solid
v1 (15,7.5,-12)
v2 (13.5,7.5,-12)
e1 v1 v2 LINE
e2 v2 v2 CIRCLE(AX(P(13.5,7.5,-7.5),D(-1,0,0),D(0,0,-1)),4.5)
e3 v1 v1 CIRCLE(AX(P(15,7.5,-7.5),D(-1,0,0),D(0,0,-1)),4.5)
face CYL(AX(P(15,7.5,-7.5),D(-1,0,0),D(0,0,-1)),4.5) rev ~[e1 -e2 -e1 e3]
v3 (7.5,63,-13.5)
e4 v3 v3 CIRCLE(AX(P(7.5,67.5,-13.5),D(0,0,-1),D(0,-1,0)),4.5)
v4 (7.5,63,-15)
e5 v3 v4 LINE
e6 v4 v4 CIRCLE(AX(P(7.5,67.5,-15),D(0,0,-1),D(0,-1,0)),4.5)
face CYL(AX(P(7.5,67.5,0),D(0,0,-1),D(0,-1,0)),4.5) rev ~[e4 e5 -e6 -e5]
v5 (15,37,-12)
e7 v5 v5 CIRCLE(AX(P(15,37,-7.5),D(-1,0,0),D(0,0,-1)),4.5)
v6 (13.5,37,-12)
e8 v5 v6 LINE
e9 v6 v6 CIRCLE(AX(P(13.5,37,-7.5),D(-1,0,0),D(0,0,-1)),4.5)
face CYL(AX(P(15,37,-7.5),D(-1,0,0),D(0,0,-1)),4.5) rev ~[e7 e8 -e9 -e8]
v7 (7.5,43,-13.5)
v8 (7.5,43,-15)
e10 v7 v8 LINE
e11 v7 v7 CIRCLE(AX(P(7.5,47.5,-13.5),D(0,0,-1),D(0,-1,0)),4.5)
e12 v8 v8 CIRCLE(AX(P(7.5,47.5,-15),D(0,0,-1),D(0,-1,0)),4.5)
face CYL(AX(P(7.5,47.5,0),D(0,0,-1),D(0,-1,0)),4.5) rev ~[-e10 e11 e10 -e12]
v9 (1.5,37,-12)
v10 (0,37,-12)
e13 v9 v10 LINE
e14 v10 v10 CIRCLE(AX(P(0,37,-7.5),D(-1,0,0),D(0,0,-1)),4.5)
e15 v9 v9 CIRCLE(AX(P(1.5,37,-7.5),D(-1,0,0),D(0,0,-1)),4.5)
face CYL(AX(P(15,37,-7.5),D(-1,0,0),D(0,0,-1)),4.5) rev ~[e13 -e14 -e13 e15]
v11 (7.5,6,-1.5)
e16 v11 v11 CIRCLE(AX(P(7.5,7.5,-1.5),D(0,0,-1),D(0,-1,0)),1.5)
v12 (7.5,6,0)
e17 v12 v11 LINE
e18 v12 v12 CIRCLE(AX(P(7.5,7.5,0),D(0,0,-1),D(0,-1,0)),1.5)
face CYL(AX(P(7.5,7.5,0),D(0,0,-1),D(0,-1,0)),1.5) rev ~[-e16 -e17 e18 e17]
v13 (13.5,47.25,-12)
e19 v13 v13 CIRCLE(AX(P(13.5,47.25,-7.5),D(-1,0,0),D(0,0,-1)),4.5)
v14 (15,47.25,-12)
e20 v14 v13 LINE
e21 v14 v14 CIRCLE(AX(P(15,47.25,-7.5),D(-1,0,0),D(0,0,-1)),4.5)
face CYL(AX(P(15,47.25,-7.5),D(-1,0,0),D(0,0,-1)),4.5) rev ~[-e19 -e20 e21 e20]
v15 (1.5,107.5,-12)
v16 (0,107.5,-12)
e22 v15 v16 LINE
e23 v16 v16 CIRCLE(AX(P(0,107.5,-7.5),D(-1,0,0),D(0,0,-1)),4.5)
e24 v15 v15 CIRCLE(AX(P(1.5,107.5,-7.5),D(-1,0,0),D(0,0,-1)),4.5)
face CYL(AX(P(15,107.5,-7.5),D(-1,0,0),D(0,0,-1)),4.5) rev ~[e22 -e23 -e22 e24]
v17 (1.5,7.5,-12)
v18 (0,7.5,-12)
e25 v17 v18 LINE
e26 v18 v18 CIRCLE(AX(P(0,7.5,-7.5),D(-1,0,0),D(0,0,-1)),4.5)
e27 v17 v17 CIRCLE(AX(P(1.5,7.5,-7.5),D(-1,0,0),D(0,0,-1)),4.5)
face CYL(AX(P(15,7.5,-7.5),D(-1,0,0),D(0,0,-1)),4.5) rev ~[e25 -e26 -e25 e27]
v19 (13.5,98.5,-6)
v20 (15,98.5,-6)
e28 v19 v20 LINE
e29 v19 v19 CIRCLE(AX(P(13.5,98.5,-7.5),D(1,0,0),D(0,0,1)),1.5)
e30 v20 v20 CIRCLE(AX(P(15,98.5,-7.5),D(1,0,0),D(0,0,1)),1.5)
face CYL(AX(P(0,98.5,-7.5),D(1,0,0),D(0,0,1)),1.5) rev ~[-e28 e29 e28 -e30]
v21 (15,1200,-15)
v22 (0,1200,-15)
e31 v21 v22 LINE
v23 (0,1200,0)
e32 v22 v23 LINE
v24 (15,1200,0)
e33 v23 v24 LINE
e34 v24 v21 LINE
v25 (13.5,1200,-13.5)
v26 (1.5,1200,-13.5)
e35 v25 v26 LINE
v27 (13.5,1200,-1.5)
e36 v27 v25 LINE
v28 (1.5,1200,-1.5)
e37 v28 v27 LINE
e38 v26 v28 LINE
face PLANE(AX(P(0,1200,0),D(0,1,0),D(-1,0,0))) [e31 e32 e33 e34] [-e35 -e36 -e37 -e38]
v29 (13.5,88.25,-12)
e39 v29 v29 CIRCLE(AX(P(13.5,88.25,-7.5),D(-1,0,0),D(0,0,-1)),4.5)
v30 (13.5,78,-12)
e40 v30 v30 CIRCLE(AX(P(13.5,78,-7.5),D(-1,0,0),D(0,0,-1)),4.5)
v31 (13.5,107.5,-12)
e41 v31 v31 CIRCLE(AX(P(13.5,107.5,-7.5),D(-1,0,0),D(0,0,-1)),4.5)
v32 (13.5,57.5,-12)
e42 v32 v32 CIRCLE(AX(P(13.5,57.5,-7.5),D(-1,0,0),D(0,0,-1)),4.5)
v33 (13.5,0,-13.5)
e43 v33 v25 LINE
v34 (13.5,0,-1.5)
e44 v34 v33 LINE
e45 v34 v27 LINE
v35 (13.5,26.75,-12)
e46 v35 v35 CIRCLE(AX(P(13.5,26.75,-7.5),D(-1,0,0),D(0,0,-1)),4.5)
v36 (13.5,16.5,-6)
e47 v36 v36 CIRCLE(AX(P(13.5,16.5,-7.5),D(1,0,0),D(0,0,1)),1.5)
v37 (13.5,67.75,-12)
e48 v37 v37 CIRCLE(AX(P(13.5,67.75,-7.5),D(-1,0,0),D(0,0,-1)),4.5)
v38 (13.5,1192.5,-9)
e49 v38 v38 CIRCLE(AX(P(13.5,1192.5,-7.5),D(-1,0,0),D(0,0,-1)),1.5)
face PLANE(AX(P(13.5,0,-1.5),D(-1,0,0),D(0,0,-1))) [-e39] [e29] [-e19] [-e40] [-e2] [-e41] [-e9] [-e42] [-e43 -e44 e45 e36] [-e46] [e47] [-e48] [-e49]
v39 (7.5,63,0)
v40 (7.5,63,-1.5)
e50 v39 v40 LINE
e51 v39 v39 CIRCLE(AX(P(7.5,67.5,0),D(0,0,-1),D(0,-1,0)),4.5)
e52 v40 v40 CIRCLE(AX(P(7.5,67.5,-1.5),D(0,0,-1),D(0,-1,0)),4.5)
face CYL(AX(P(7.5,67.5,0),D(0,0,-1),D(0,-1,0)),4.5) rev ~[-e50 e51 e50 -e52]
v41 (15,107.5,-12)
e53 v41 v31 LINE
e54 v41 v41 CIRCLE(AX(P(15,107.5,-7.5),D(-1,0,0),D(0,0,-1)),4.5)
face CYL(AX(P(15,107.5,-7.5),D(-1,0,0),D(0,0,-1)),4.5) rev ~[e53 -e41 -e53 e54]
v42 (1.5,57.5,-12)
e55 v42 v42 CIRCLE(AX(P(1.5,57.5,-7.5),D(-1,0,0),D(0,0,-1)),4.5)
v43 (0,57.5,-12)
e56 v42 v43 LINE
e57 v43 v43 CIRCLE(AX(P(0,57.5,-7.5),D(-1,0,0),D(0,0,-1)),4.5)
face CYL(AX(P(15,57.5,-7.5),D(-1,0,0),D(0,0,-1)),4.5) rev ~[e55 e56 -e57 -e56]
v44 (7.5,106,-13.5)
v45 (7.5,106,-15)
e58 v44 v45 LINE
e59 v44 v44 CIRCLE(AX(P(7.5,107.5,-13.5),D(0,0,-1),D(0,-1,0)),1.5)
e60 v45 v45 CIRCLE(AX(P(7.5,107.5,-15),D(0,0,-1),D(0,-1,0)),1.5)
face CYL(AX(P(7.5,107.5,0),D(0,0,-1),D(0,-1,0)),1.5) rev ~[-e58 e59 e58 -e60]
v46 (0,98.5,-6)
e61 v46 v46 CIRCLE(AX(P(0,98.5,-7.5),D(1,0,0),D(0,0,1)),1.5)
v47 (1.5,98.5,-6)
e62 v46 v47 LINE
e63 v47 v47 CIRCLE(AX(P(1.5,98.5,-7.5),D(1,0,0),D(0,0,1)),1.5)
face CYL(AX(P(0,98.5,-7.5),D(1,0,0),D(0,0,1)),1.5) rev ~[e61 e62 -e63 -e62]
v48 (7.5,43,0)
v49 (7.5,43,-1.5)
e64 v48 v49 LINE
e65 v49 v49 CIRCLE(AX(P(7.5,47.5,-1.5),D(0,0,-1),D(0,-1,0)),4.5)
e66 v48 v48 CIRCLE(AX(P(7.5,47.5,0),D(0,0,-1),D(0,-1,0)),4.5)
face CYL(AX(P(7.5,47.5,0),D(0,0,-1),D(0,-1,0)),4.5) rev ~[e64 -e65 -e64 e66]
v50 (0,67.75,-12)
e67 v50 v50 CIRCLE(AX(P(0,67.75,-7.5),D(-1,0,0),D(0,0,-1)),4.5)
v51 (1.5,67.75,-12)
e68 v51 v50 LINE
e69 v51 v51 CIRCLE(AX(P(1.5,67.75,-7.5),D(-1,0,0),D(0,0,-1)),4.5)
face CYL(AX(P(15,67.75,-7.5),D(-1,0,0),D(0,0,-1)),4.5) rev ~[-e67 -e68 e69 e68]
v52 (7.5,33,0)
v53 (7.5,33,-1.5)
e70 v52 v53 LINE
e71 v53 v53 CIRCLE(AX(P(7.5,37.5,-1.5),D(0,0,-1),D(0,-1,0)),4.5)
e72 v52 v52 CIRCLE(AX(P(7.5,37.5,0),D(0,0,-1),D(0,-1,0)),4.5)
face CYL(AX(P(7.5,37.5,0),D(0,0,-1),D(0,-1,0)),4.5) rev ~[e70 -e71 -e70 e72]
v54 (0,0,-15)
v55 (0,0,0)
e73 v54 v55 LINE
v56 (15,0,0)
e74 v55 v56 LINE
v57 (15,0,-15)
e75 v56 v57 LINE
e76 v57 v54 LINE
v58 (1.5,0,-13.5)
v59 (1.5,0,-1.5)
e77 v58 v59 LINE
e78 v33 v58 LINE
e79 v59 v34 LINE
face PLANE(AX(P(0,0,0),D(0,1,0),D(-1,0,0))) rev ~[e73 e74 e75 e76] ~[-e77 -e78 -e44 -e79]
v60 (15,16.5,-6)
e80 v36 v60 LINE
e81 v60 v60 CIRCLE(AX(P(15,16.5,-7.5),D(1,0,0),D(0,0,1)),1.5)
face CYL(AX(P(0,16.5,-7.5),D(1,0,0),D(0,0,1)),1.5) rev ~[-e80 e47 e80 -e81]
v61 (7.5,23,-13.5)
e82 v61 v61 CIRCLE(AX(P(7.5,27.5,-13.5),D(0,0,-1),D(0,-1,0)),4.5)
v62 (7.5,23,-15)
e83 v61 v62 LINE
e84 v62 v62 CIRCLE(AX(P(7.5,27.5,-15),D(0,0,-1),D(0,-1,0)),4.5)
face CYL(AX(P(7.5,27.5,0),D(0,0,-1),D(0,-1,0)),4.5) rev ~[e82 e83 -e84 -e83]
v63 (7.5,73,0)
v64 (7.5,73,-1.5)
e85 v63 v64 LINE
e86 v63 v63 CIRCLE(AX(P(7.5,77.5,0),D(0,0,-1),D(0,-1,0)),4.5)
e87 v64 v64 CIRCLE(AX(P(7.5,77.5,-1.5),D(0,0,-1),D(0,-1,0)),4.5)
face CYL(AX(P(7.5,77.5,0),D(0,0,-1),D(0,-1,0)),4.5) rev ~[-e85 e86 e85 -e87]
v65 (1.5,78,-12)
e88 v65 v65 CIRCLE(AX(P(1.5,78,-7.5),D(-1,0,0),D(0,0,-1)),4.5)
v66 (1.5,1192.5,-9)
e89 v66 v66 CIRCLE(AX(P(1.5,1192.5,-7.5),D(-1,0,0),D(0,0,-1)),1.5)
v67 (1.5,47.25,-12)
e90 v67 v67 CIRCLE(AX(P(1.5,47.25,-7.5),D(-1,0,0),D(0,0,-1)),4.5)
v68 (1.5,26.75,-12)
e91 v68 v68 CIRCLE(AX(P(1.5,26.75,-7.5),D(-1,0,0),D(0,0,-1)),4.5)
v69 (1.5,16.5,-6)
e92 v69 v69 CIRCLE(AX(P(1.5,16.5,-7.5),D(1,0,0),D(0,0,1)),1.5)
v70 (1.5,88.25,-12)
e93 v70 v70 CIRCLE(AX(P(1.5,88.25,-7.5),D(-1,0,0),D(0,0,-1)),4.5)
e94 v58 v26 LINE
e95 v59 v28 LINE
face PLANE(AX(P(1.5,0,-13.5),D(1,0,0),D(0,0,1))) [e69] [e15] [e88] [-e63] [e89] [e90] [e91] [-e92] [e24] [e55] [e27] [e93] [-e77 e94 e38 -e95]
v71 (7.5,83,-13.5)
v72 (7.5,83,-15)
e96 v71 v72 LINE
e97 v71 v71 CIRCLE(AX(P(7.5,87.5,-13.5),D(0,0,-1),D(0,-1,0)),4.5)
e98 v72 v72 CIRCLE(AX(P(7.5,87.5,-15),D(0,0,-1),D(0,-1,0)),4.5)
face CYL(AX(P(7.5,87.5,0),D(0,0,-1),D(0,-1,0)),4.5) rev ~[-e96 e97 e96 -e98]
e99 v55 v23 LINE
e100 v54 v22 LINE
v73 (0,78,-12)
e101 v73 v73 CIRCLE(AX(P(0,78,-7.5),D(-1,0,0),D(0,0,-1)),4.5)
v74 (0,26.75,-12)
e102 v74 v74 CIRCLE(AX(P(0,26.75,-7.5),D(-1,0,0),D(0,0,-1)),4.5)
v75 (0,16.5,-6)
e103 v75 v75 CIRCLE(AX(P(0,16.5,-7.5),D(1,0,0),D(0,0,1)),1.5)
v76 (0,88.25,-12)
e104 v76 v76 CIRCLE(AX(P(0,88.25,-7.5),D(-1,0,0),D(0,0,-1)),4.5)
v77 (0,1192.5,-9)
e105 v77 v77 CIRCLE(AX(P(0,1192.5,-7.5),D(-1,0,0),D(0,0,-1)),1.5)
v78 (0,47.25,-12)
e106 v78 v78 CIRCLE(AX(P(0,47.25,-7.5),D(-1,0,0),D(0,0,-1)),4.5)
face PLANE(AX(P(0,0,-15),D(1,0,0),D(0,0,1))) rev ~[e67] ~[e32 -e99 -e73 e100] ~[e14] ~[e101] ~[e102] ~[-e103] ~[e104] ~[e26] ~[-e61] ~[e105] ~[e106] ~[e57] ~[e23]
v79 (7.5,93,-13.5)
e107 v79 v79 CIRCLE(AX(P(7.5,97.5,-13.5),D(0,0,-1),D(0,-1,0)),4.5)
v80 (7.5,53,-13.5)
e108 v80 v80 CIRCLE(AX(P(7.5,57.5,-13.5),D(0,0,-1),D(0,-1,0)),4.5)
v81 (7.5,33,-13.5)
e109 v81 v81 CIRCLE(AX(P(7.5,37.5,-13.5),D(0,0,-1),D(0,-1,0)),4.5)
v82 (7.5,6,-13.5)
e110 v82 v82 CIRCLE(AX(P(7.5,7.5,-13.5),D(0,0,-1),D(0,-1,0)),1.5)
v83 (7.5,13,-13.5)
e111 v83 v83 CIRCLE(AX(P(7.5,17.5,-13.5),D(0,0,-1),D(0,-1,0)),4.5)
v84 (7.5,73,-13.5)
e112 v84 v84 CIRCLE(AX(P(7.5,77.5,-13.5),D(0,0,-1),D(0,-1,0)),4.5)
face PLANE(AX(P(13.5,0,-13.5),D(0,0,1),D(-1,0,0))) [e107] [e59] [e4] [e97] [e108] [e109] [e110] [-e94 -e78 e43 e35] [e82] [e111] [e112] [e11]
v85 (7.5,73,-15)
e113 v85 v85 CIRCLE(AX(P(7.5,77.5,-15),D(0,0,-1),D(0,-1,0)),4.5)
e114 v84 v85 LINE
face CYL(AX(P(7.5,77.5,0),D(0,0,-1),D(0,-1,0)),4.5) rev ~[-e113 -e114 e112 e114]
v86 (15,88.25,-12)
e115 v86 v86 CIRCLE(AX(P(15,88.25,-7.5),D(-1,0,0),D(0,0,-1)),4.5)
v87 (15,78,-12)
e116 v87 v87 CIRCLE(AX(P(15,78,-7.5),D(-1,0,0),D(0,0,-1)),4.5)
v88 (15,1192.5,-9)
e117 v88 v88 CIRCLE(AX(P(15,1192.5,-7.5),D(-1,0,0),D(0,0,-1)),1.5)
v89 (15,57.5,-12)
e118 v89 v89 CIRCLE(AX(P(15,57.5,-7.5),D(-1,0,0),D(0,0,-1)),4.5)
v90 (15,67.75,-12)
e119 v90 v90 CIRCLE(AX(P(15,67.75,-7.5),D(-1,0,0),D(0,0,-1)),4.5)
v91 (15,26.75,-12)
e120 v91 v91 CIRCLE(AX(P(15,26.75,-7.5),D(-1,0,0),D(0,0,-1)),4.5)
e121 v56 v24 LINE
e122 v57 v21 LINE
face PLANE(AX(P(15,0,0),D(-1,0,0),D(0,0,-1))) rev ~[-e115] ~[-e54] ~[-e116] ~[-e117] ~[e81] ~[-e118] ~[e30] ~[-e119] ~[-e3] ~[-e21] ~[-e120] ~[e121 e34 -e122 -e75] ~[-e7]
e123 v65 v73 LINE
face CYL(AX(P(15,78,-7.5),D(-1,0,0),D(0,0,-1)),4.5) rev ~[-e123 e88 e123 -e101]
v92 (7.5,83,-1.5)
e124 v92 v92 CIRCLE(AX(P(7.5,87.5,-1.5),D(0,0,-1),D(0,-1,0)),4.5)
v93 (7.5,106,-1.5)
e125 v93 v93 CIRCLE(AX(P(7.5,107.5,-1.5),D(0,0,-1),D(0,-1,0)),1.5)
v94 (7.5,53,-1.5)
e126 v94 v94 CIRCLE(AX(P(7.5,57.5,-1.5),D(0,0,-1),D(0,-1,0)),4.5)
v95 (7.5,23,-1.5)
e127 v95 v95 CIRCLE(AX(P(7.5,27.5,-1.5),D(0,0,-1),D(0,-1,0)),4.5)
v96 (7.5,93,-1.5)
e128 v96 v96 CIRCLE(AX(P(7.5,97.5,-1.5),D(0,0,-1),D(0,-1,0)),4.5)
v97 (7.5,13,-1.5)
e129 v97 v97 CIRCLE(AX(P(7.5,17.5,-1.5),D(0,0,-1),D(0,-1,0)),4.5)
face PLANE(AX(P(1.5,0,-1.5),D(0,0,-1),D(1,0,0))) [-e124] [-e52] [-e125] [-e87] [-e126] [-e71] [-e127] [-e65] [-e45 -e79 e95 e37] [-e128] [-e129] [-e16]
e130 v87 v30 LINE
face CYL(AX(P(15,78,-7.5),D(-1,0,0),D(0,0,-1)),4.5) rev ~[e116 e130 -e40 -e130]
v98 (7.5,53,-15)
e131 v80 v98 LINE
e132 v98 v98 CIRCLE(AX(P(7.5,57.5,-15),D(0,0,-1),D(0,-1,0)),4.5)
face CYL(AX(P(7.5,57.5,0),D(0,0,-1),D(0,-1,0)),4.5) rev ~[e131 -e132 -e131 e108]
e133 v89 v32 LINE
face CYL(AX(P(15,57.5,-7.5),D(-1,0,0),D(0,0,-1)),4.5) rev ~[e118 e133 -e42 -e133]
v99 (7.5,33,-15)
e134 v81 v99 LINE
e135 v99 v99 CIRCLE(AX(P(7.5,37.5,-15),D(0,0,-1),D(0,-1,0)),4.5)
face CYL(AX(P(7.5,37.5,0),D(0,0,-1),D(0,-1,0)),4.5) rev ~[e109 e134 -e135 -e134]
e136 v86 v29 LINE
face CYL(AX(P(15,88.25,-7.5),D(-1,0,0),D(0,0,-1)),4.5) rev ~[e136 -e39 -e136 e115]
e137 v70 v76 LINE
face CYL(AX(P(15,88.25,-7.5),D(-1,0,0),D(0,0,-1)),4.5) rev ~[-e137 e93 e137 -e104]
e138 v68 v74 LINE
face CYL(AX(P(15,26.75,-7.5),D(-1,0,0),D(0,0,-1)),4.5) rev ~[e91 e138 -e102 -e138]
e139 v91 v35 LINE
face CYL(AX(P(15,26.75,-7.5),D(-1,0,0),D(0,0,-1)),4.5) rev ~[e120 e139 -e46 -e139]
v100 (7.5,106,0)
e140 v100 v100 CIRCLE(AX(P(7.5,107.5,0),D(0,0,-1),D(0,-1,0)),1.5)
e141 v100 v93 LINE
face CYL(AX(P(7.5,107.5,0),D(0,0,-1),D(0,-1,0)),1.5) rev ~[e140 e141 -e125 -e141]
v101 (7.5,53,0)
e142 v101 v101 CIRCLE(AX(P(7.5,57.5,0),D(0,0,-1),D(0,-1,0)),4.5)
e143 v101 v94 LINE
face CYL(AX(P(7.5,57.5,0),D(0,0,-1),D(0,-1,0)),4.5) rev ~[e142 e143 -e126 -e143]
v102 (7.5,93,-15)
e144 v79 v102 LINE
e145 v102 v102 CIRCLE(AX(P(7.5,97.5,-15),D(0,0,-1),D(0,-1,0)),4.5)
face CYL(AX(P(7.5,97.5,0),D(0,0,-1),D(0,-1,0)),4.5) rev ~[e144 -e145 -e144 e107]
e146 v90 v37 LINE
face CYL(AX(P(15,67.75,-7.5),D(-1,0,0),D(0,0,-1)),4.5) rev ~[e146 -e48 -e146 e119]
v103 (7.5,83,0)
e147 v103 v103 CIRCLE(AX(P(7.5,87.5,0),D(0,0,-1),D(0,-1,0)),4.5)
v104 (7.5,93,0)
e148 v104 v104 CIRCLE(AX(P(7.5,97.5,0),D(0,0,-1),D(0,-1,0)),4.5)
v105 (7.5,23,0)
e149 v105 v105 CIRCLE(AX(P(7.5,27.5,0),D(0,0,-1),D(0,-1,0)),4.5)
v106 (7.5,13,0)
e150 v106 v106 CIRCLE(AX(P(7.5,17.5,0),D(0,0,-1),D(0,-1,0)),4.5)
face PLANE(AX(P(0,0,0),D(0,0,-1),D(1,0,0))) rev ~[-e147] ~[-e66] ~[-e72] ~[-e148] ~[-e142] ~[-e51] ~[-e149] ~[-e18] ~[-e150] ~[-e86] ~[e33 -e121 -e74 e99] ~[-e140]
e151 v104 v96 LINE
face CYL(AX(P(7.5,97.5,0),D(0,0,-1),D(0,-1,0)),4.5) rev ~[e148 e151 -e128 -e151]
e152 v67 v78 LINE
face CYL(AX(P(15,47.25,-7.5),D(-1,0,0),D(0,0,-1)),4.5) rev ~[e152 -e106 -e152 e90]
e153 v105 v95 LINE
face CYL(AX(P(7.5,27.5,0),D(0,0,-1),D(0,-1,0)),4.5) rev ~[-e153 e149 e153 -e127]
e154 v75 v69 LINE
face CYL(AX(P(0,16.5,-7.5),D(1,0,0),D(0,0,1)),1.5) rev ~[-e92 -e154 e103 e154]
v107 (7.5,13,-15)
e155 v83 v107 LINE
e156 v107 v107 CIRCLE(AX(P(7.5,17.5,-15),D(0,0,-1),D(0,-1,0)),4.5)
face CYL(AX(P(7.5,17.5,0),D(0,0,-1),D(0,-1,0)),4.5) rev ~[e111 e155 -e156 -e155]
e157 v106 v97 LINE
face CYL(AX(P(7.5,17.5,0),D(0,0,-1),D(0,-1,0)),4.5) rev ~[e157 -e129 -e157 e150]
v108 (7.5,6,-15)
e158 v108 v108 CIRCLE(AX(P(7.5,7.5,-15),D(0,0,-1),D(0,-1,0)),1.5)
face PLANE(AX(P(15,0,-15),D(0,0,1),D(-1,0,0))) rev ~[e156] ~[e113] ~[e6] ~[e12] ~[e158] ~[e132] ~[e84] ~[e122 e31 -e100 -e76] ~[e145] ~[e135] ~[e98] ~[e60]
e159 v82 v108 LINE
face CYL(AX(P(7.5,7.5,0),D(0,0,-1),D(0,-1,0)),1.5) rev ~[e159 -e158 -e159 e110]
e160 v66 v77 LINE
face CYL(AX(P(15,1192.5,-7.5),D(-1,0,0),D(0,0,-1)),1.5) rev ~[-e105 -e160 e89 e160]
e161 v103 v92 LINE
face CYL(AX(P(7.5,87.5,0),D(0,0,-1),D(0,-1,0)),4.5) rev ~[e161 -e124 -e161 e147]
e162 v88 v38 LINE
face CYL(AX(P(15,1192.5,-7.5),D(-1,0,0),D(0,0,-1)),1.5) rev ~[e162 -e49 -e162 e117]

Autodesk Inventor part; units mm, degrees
ref_plane "YZ Plane" through (0, 0, 0) normal (1, 0, 0) x (0, 1, 0)
ref_plane "XZ Plane" through (0, 0, 0) normal (0, 1, 0) x (-1, 0, 0)
ref_plane "XY Plane" through (0, 0, 0) normal (0, 0, 1) x (1, 0, 0)
sketch "スケッチ1" plane through (0, 0, 0) normal (0, 1, 0) x (-1, 0, 0)
  line L0 (0, 0) -> (-15, 0)
  line L1 (-15, 0) -> (-15, -15)
  line L2 (-15, -15) -> (0, -15)
  line L3 (0, -15) -> (0, 0)
  line L4 (-1.5, -1.5) -> (-13.5, -1.5)
  line L5 (-13.5, -1.5) -> (-13.5, -13.5)
  line L6 (-13.5, -13.5) -> (-1.5, -13.5)
  line L7 (-1.5, -13.5) -> (-1.5, -1.5)
  dimension "d0" = 15
  dimension "d1" = 15
  dimension "d2" = 12
  dimension "d3" = 12
  dimension "d4" = 1.5
  dimension "d5" = 1.5
extrude "押し出し1" add sketch "スケッチ1" along normal blind 1200
sketch "スケッチ3" plane through (15, 0, 0) normal (0, 0, 1) x (1, 0, 0)
  line L0 (-15, 0) -> (-15, 1200) projected
  line L1 (-15, 0) -> (0, 0) projected
  point P0 (-7.5, 7.5)
  point P1 (-7.5, 107.5)
  dimension "d8" = 7.5
  dimension "d9" = 7.5
  dimension "d10" = 7.5
  dimension "d11" = 100
hole "穴1" at (7.5, 7.5, 0) at (7.5, 107.5, 0) direction (0, 0, -1) diameter 3 end through all
sketch "スケッチ4" plane through (0, 0, 0) normal (-1, 0, 0) x (0, 0, 1)
  line L0 (-15, 0) -> (0, 0) projected
  line L1 (-15, 0) -> (-15, 1200) projected
  point P0 (-7.5, 16.5)
  point P1 (-7.5, 98.5)
  dimension "d19" = 16.5
  dimension "d20" = 7.5
  dimension "d21" = 7.5
  dimension "d22" = 82
hole "穴2" at (0, 16.5, -7.5) at (0, 98.5, -7.5) direction (1, 0, 0) diameter 3 end through all
sketch "スケッチ5" plane through (15, 0, -15) normal (1, 0, 0) x (0, 0, -1)
  line L0 (0, 0) -> (0, 1200) projected
  line L1 (-15, 1200) -> (0, 1200) projected
  point P0 (-15, 0)
  point P1 (-7.5, 1192.5)
  dimension "d30" = 7.5
  dimension "d31" = 7.5
hole "穴3" at (15, 1192.5, -7.5) direction (-1, 0, 0) diameter 3 end through all
sketch "スケッチ6" plane through (15, 0, 0) normal (0, 0, 1) x (1, 0, 0)
  circle A0 centre (-7.5, 7.5) radius 1.5 projected
  circle A1 centre (-7.5, 107.5) radius 1.5 projected
  line L0 (-7.5, 7.5) -> (-7.5, 107.5)
  point P0 (-15, 0)
  point P1 (-7.5, 17.5)
  point P2 (-7.5, 27.5)
  point P3 (-7.5, 37.5)
  point P4 (-7.5, 47.5)
  point P5 (-7.5, 57.5)
  point P6 (-7.5, 67.5)
  point P7 (-7.5, 77.5)
  point P8 (-7.5, 87.5)
  point P9 (-7.5, 97.5)
  dimension "d39" = 100
  dimension "d40" = 10
  dimension "d43" = 10
hole "穴4" at (7.5, 17.5, 0) at (7.5, 27.5, 0) at (7.5, 37.5, 0) at (7.5, 47.5, 0) at (7.5, 57.5, 0) at (7.5, 67.5, 0) at (7.5, 77.5, 0) at (7.5, 87.5, 0) at (7.5, 97.5, 0) direction (0, 0, -1) diameter 9 end through all
sketch "スケッチ7" plane through (15, 0, -15) normal (1, 0, 0) x (0, 0, -1)
  circle A0 centre (-7.5, 16.5) radius 1.5 projected
  circle A1 centre (-7.5, 98.5) radius 1.5 projected
  line L0 (-7.5, 16.5) -> (-7.5, 98.5)
  point P0 (-15, 0)
  point P1 (-7.5, 26.75)
  point P2 (-7.5, 37)
  point P3 (-7.5, 47.25)
  point P4 (-7.5, 57.5)
  point P5 (-7.5, 67.75)
  point P6 (-7.5, 78)
  point P7 (-7.5, 88.25)
  dimension "d55" = 82
  dimension "d56" = 10.25
  dimension "d59" = 10.25
hole "穴5" at (15, 26.75, -7.5) at (15, 37, -7.5) at (15, 47.25, -7.5) at (15, 57.5, -7.5) at (15, 67.75, -7.5) at (15, 78, -7.5) at (15, 88.25, -7.5) direction (-1, 0, 0) diameter 9 end through all
sketch "スケッチ8" plane through (15, 0, -15) normal (1, 0, 0) x (0, 0, -1)
  line L0 (-15, 0) -> (-15, 1200) projected
  line L1 (-15, 0) -> (0, 0) projected
  circle A0 centre (-7.5, 98.5) radius 1.5 projected
  point P0 (-7.5, 7.5)
  point P1 (-7.5, 107.5)
  dimension "d71" = 7.5
  dimension "d72" = 7.5
  dimension "d73" = 7.5
  dimension "d74" = 9
hole "穴6" at (15, 7.5, -7.5) at (15, 107.5, -7.5) direction (-1, 0, 0) diameter 9 end through all
equation "\"d3\" = d2"
equation "\"d4\" = d5"
equation "\"d9\" = d8"
equation "\"d10\" = d8"
equation "\"d21\" = d20"
equation "\"d31\" = d30"
equation "\"d40\" = 0.1 * d39"
equation "\"d56\" = 0.125 * d55"
equation "\"d59\" = d56"
equation "\"d72\" = d71"
equation "\"d73\" = d71"
properties part number "12ｘ12_1" material "アルミニウム 6061"
